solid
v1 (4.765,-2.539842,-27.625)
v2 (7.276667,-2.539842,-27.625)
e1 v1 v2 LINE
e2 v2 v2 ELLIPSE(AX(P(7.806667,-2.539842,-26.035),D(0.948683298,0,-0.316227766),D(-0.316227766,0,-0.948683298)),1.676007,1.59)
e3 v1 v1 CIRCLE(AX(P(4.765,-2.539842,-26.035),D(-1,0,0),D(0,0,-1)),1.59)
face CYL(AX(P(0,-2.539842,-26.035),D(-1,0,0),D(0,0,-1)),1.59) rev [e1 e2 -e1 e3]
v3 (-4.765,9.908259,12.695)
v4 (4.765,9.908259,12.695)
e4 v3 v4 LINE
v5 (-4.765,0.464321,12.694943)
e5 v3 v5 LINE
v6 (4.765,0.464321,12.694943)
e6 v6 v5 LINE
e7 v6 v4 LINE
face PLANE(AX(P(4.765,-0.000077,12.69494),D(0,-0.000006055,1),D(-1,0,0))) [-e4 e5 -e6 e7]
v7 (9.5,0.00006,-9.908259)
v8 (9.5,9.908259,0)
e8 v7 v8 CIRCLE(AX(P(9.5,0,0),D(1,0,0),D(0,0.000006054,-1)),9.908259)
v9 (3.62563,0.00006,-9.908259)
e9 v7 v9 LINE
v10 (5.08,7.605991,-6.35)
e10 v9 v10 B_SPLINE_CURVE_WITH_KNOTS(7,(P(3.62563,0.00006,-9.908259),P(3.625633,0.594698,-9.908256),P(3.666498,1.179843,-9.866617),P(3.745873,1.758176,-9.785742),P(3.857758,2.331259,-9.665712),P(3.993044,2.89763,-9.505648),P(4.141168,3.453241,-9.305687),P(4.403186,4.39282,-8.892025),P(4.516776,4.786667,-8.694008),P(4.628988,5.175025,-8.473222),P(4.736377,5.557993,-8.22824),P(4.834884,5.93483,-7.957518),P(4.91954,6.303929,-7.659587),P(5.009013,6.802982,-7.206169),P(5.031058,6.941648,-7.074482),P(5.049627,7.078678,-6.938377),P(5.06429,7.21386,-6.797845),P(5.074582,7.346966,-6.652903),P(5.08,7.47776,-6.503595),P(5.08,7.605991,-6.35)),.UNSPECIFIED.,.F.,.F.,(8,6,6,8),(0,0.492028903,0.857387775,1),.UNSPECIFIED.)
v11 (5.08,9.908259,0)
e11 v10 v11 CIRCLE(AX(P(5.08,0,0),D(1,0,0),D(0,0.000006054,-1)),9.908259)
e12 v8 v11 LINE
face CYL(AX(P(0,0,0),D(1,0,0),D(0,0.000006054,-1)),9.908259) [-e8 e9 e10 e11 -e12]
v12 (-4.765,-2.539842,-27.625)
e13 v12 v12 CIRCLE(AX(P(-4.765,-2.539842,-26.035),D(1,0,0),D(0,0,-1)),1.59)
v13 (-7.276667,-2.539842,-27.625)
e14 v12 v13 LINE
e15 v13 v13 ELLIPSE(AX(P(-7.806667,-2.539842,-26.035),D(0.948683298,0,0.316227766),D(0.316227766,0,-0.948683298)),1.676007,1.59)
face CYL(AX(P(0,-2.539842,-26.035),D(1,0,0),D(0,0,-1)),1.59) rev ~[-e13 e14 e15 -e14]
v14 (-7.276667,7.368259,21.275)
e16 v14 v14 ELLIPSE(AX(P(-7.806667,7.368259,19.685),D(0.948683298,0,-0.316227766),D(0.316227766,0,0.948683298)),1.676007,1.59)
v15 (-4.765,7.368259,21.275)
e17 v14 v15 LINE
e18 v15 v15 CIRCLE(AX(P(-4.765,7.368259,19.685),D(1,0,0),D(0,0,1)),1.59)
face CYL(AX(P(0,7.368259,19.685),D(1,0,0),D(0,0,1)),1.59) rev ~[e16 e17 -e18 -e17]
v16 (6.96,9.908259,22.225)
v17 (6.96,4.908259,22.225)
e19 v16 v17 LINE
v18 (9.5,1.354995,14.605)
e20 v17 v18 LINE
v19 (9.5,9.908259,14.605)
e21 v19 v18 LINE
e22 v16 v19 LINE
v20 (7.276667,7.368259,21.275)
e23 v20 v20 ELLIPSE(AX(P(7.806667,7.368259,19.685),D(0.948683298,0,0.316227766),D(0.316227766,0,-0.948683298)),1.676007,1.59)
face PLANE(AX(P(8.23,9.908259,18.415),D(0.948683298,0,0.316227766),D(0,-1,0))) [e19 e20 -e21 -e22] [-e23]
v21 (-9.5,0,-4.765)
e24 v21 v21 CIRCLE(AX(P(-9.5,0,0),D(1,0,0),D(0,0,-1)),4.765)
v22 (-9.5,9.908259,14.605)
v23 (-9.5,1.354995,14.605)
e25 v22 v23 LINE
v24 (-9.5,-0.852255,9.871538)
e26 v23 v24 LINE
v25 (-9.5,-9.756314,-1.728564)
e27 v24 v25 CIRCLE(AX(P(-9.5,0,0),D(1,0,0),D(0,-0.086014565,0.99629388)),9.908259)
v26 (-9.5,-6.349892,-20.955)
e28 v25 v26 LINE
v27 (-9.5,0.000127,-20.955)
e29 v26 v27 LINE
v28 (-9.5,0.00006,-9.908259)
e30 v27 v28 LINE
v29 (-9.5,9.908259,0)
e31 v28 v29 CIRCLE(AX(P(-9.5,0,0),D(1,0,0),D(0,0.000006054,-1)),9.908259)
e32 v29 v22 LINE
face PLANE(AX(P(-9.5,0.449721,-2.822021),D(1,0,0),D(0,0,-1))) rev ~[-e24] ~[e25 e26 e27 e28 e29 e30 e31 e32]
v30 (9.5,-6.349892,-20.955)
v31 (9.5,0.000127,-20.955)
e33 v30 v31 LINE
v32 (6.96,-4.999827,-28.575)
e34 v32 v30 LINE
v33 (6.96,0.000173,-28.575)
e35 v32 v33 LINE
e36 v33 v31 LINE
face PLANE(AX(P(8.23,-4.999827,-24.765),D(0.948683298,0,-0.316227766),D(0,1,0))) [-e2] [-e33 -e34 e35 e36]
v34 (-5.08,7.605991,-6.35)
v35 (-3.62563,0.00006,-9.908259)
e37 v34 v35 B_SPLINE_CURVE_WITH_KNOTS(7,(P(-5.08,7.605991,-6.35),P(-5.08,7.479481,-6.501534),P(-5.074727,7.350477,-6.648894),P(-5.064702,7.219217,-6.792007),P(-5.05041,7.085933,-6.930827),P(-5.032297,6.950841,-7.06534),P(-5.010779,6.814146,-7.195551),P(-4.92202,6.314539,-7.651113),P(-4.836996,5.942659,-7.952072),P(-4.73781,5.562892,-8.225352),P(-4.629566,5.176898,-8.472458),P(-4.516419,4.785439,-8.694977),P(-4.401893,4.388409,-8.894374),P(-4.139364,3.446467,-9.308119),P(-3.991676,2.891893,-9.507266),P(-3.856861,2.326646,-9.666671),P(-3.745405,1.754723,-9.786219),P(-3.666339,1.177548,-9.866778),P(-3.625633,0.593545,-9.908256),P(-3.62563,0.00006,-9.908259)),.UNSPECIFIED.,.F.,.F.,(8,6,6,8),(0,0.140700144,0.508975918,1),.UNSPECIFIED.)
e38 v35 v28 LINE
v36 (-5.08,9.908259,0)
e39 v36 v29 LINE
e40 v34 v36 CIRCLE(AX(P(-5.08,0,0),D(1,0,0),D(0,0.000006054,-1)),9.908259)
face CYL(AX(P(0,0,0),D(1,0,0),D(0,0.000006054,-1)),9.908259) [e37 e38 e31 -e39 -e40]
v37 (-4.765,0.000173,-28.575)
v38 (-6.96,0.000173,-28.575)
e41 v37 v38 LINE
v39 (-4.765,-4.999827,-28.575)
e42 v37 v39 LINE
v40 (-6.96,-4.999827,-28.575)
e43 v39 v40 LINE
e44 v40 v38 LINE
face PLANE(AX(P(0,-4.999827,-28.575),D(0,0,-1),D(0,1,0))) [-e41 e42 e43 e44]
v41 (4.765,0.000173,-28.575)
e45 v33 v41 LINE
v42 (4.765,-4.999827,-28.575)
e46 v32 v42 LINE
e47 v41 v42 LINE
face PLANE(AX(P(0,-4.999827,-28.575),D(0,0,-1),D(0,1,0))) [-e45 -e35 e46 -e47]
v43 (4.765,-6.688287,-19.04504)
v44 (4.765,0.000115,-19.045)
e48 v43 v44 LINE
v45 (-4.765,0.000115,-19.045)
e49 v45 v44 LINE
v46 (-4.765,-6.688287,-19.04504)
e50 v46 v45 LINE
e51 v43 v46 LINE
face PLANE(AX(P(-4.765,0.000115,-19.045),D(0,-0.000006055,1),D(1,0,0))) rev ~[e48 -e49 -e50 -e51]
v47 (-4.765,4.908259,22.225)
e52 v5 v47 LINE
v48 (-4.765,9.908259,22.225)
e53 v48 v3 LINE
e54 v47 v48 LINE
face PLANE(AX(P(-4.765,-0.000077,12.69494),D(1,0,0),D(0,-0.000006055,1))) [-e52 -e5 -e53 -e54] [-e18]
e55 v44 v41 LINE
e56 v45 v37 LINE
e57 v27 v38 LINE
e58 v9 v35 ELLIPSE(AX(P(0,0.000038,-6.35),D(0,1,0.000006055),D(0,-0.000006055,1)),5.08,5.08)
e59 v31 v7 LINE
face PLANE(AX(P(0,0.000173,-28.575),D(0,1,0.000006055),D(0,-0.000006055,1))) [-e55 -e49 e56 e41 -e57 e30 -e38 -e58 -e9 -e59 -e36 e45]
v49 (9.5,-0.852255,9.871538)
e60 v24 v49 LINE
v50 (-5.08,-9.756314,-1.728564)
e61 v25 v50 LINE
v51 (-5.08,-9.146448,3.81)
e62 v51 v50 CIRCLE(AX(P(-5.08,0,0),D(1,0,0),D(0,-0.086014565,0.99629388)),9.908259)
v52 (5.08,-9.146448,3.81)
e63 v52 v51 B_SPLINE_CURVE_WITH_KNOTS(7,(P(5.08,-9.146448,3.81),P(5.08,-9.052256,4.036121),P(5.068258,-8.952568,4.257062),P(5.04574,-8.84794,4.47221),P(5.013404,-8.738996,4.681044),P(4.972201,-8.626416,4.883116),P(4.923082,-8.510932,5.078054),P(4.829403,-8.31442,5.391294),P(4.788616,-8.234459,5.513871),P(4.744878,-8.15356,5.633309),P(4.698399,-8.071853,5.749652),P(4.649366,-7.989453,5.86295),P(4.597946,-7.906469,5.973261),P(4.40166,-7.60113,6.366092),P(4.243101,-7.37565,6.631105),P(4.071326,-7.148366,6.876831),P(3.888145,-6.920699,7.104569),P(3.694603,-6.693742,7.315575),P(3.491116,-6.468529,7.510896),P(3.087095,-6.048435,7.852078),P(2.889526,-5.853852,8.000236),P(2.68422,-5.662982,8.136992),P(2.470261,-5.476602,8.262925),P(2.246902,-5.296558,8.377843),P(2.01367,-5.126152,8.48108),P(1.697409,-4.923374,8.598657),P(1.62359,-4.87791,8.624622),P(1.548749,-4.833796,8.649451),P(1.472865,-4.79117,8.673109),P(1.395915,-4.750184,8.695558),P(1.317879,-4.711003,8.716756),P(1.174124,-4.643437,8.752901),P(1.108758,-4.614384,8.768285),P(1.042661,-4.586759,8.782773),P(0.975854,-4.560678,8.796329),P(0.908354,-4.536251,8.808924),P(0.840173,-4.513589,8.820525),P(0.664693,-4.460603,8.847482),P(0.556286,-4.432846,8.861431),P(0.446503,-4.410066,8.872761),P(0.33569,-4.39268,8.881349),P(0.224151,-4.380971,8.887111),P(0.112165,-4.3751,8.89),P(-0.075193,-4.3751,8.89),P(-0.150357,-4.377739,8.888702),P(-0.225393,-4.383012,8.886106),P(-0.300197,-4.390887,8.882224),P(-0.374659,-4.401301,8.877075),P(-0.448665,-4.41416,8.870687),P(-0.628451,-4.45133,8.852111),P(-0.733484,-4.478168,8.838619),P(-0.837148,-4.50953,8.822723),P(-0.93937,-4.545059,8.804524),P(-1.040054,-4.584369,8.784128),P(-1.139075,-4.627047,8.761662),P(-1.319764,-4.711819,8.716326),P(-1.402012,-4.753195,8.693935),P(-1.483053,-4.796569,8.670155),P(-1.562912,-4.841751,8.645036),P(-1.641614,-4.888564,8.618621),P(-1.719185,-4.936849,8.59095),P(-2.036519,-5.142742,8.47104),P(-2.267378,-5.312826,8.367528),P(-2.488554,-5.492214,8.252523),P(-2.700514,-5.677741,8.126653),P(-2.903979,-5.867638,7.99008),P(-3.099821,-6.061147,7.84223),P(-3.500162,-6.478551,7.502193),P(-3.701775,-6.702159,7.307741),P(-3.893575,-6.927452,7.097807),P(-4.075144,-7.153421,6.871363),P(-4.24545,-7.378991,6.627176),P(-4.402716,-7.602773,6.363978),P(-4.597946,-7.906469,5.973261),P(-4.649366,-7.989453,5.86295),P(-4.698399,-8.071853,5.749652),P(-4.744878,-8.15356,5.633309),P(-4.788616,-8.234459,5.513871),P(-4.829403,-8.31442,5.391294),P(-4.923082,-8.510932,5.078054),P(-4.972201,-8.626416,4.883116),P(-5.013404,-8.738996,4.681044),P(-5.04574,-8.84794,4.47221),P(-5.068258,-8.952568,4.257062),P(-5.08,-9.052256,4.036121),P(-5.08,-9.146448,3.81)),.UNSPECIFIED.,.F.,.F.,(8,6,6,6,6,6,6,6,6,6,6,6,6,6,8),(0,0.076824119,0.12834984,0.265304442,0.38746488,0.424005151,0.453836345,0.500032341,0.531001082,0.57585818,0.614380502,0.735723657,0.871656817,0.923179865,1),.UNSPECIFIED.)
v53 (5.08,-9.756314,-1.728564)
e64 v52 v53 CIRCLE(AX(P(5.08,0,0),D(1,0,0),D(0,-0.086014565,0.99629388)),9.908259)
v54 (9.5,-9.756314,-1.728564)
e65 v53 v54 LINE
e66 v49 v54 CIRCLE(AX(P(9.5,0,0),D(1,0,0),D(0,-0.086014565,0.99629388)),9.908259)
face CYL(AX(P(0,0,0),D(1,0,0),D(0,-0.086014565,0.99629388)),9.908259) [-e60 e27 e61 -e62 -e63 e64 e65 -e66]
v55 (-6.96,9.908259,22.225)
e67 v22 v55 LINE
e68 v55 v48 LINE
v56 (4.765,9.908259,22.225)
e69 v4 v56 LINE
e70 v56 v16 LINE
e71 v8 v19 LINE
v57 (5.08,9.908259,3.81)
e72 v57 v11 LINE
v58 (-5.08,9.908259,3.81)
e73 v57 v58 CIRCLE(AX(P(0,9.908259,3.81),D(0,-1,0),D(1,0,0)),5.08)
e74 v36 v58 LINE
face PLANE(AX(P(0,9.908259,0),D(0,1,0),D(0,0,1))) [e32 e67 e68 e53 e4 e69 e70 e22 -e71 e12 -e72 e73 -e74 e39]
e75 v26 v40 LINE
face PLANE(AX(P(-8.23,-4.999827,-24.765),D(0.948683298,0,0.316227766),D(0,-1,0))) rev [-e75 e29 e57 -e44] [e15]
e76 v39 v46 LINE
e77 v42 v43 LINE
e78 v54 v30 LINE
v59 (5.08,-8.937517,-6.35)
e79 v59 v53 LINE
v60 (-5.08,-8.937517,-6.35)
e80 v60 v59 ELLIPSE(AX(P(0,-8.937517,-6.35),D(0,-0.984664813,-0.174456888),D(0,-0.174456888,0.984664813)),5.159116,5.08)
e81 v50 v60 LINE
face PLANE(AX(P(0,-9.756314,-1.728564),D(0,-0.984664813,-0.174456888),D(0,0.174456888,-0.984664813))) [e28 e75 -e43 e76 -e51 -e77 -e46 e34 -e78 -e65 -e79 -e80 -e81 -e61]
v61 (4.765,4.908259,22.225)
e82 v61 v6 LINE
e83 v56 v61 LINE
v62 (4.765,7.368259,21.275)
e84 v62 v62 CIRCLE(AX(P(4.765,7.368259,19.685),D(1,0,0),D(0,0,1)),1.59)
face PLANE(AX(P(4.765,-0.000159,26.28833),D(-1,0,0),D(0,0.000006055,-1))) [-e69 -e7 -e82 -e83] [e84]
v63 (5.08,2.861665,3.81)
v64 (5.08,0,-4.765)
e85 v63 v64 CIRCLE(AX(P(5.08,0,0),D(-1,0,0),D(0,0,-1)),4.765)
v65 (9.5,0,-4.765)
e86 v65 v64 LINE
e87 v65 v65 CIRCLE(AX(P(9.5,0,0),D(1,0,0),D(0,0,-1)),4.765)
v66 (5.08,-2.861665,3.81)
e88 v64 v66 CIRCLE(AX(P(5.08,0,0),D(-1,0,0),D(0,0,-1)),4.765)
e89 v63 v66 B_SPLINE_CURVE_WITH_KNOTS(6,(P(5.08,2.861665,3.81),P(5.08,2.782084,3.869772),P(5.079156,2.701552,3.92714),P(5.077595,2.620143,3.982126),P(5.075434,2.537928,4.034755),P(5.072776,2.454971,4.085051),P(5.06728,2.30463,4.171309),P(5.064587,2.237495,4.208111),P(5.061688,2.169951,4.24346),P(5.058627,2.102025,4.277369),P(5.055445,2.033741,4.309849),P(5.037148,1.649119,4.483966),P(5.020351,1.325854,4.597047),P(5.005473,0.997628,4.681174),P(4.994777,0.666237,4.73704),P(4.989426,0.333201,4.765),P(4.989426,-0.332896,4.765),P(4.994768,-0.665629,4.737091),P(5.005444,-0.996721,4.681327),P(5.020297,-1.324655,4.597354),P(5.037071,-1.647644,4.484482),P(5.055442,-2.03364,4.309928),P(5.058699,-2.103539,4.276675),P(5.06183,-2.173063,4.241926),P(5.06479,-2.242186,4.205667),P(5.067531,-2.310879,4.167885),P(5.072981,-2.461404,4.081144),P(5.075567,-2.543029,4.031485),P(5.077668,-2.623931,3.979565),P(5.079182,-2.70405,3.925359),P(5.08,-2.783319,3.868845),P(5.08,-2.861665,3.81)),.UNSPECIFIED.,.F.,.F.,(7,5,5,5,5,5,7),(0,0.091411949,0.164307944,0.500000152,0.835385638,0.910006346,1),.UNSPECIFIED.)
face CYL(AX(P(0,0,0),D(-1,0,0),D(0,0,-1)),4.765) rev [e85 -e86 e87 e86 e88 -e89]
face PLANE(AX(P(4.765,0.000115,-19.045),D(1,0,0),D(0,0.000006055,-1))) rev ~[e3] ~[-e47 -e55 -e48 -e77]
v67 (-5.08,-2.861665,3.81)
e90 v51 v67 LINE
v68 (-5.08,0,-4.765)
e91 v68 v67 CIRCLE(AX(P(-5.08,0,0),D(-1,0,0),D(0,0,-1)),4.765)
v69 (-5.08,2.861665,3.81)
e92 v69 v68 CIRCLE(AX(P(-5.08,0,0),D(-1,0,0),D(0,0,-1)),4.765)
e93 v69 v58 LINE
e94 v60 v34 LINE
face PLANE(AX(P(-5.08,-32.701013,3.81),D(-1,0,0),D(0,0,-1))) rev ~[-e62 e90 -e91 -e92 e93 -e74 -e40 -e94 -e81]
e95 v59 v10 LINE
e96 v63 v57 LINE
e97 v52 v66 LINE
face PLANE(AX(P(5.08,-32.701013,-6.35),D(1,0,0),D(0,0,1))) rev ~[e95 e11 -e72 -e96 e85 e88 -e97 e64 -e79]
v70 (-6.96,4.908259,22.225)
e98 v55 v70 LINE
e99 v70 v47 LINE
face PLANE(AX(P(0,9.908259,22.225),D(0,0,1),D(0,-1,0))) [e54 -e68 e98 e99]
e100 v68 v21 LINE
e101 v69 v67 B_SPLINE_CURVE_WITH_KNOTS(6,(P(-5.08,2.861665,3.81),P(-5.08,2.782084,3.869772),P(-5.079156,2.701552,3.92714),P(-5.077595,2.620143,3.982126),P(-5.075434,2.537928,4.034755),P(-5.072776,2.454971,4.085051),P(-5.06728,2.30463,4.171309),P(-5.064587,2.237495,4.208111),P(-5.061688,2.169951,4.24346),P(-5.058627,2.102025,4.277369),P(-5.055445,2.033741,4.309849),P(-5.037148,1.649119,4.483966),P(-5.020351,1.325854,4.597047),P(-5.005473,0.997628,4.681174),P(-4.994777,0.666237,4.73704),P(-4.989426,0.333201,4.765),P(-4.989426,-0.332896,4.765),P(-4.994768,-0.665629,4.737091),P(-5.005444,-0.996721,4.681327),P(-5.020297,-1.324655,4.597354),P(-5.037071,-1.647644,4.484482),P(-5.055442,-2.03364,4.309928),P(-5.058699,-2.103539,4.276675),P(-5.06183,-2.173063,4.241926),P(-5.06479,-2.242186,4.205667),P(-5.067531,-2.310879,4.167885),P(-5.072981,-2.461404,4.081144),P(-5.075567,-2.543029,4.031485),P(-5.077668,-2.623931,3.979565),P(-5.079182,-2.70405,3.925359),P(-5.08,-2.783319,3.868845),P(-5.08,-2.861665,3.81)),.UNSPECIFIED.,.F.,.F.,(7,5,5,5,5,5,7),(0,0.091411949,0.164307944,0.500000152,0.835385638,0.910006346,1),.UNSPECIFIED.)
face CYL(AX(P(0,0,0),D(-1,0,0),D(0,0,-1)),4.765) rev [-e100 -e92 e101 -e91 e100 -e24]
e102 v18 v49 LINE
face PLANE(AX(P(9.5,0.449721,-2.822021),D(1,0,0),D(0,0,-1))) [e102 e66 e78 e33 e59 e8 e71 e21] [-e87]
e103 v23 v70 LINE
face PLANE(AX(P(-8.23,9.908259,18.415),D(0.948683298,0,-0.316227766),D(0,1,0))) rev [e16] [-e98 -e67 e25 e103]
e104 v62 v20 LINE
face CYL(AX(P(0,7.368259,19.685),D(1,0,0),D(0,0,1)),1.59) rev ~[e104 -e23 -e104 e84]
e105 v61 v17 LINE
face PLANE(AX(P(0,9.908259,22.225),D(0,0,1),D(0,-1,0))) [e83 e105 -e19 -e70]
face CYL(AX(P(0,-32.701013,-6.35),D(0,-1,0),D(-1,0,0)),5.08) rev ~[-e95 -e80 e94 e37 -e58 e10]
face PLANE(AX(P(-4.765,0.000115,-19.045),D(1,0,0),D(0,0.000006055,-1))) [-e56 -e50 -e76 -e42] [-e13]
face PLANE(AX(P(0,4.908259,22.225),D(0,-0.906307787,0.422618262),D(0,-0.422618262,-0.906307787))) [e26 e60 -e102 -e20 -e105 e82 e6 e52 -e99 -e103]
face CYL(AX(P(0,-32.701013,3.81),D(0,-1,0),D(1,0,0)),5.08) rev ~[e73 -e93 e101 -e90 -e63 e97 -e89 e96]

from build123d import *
from OCP.BRepFilletAPI import BRepFilletAPI_MakeChamfer

# Parameters (mm, degrees)
SKETCH1_R               = 4.765
BOSS_EXTRUDE1_DEPTH     = 9.5
CHAMFER1_SIZE           = 2.54
CHAMFER1_SIZE2          = 7.62
CHAMFER3_SIZE           = 7.62
CHAMFER3_SIZE2          = 2.54
CUT_EXTRUDE2_DEPTH      = 32.701013029
CUT_EXTRUDE2_DEPTH_BACK = 32.701013029
SKETCH3_W               = 9.53
SKETCH3_H               = 9.53
CUT_EXTRUDE5_DEPTH      = 50
SKETCH4_R               = 1.59
CUT_EXTRUDE6_DEPTH      = 50


with BuildPart() as part:
    # Sketch1 → Boss-Extrude1 (new, symmetric)
    with BuildSketch(Plane(origin=(0, 0, 0), x_dir=(0, 0, -1), z_dir=(1, 0, 0))):
        with BuildLine():
            Line((0, 9.908259288), (-22.225, 9.908259288))
            Line((-22.225, 9.908259288), (-22.225, 4.908259288))
            Line((-22.225, 4.908259288), (-9.871538087, -0.852254607))
            ThreePointArc((-9.871538087, -0.852254607), (-6.033040367, -7.859772645), (1.728564082, -9.75631428))
            Line((1.728564082, -9.75631428), (28.574999999, -4.999826991))
            Line((28.574999999, -4.999826991), (28.574999999, 0.000173009))
            Line((28.574999999, 0.000173009), (9.908259287, 5.999e-05))
            ThreePointArc((9.908259287, 5.999e-05), (7.006176122, 7.006218542), (0, 9.908259288))
        make_face()
        Circle(SKETCH1_R, mode=Mode.SUBTRACT)
    extrude(amount=BOSS_EXTRUDE1_DEPTH, both=True)

    # Chamfer1: one chamfer whose edges measure the first distance from different faces: ONE call of the kernel's chamfer builder (chamfer() names one face for all edges)
    chamfer1_edges_1 = [part.edges().sort_by_distance(p)[0] for p in [
        (9.5, 7.408259288, 22.225),
    ]]
    chamfer1_side_1 = [part.faces().sort_by_distance(p)[0] for p in [
        (0, 7.408259288, 22.225),
    ]]
    chamfer1_edges_2 = [part.edges().sort_by_distance(p)[0] for p in [
        (9.5, -2.499826991, -28.574999999),
    ]]
    chamfer1_side_2 = [part.faces().sort_by_distance(p)[0] for p in [
        (0, -2.499826991, -28.574999999),
    ]]
    chamfer1 = BRepFilletAPI_MakeChamfer(part.part.solid().wrapped)
    for e in chamfer1_edges_1:
        chamfer1.Add(CHAMFER1_SIZE, CHAMFER1_SIZE2, e.wrapped, chamfer1_side_1[0].wrapped)  # the first distance lies on this face
    for e in chamfer1_edges_2:
        chamfer1.Add(CHAMFER1_SIZE, CHAMFER1_SIZE2, e.wrapped, chamfer1_side_2[0].wrapped)  # the first distance lies on this face
    add(Compound.cast(chamfer1.Shape()), mode=Mode.REPLACE)

    # Chamfer3
    chamfer3_edges = [part.edges().sort_by_distance(p)[0] for p in [
        (-9.5, 7.408259288, 22.225),
        (-9.5, -2.499826991, -28.574999999),
    ]]
    chamfer3_side = [part.faces().sort_by_distance(p)[0] for p in [
        (-9.5, 9.362976388, 11.1125),
    ]]
    chamfer(chamfer3_edges, length=CHAMFER3_SIZE, length2=CHAMFER3_SIZE2, reference=chamfer3_side[0])

    # Sketch2 → Cut-Extrude2 (cut, two sides: drawn at the far end of the back side and taken through both)
    with BuildSketch(Plane(origin=(0, 0, 0), x_dir=(1, 0, 0), z_dir=(0, 1, 0)).offset(-CUT_EXTRUDE2_DEPTH_BACK)):
        with BuildLine():
            Line((-5.08, -3.81), (-5.08, 6.35))
            ThreePointArc((-5.08, 6.35), (0, 11.43), (5.08, 6.35))
            Line((5.08, 6.35), (5.08, -3.81))
            ThreePointArc((5.08, -3.81), (0, -8.89), (-5.08, -3.81))
        make_face()
    extrude(amount=CUT_EXTRUDE2_DEPTH + CUT_EXTRUDE2_DEPTH_BACK, mode=Mode.SUBTRACT)

    # Sketch3 → Cut-Extrude5 (cut, symmetric)
    with BuildSketch(Plane(origin=(0, 0, 0), x_dir=(1, 0, 0), z_dir=(0, 0.9999999999816713, 6.054544672321462e-06))):
        Polygon((-4.765, -22.22494001), (-4.765, -26.288329998), (4.765, -26.288329998), (4.765, -22.22494001), (4.765, -12.69494001), (-4.765, -12.69494001), align=None)
        with Locations((0, 23.81)):
            Rectangle(SKETCH3_W, SKETCH3_H)
    extrude(amount=CUT_EXTRUDE5_DEPTH, both=True, mode=Mode.SUBTRACT)

    # Sketch4 → Cut-Extrude6 (cut, symmetric)
    with BuildSketch(Plane(origin=(0, 0, 0), x_dir=(0, 0, -1), z_dir=(1, 0, 0))):
        with Locations((26.034999999, -2.53984237)):
            Circle(SKETCH4_R)
        with Locations(Location((-19.685, 7.368259288, 0), (0, 0, 180))):
            Circle(SKETCH4_R)
    extrude(amount=CUT_EXTRUDE6_DEPTH, both=True, mode=Mode.SUBTRACT)


solid = part.part
